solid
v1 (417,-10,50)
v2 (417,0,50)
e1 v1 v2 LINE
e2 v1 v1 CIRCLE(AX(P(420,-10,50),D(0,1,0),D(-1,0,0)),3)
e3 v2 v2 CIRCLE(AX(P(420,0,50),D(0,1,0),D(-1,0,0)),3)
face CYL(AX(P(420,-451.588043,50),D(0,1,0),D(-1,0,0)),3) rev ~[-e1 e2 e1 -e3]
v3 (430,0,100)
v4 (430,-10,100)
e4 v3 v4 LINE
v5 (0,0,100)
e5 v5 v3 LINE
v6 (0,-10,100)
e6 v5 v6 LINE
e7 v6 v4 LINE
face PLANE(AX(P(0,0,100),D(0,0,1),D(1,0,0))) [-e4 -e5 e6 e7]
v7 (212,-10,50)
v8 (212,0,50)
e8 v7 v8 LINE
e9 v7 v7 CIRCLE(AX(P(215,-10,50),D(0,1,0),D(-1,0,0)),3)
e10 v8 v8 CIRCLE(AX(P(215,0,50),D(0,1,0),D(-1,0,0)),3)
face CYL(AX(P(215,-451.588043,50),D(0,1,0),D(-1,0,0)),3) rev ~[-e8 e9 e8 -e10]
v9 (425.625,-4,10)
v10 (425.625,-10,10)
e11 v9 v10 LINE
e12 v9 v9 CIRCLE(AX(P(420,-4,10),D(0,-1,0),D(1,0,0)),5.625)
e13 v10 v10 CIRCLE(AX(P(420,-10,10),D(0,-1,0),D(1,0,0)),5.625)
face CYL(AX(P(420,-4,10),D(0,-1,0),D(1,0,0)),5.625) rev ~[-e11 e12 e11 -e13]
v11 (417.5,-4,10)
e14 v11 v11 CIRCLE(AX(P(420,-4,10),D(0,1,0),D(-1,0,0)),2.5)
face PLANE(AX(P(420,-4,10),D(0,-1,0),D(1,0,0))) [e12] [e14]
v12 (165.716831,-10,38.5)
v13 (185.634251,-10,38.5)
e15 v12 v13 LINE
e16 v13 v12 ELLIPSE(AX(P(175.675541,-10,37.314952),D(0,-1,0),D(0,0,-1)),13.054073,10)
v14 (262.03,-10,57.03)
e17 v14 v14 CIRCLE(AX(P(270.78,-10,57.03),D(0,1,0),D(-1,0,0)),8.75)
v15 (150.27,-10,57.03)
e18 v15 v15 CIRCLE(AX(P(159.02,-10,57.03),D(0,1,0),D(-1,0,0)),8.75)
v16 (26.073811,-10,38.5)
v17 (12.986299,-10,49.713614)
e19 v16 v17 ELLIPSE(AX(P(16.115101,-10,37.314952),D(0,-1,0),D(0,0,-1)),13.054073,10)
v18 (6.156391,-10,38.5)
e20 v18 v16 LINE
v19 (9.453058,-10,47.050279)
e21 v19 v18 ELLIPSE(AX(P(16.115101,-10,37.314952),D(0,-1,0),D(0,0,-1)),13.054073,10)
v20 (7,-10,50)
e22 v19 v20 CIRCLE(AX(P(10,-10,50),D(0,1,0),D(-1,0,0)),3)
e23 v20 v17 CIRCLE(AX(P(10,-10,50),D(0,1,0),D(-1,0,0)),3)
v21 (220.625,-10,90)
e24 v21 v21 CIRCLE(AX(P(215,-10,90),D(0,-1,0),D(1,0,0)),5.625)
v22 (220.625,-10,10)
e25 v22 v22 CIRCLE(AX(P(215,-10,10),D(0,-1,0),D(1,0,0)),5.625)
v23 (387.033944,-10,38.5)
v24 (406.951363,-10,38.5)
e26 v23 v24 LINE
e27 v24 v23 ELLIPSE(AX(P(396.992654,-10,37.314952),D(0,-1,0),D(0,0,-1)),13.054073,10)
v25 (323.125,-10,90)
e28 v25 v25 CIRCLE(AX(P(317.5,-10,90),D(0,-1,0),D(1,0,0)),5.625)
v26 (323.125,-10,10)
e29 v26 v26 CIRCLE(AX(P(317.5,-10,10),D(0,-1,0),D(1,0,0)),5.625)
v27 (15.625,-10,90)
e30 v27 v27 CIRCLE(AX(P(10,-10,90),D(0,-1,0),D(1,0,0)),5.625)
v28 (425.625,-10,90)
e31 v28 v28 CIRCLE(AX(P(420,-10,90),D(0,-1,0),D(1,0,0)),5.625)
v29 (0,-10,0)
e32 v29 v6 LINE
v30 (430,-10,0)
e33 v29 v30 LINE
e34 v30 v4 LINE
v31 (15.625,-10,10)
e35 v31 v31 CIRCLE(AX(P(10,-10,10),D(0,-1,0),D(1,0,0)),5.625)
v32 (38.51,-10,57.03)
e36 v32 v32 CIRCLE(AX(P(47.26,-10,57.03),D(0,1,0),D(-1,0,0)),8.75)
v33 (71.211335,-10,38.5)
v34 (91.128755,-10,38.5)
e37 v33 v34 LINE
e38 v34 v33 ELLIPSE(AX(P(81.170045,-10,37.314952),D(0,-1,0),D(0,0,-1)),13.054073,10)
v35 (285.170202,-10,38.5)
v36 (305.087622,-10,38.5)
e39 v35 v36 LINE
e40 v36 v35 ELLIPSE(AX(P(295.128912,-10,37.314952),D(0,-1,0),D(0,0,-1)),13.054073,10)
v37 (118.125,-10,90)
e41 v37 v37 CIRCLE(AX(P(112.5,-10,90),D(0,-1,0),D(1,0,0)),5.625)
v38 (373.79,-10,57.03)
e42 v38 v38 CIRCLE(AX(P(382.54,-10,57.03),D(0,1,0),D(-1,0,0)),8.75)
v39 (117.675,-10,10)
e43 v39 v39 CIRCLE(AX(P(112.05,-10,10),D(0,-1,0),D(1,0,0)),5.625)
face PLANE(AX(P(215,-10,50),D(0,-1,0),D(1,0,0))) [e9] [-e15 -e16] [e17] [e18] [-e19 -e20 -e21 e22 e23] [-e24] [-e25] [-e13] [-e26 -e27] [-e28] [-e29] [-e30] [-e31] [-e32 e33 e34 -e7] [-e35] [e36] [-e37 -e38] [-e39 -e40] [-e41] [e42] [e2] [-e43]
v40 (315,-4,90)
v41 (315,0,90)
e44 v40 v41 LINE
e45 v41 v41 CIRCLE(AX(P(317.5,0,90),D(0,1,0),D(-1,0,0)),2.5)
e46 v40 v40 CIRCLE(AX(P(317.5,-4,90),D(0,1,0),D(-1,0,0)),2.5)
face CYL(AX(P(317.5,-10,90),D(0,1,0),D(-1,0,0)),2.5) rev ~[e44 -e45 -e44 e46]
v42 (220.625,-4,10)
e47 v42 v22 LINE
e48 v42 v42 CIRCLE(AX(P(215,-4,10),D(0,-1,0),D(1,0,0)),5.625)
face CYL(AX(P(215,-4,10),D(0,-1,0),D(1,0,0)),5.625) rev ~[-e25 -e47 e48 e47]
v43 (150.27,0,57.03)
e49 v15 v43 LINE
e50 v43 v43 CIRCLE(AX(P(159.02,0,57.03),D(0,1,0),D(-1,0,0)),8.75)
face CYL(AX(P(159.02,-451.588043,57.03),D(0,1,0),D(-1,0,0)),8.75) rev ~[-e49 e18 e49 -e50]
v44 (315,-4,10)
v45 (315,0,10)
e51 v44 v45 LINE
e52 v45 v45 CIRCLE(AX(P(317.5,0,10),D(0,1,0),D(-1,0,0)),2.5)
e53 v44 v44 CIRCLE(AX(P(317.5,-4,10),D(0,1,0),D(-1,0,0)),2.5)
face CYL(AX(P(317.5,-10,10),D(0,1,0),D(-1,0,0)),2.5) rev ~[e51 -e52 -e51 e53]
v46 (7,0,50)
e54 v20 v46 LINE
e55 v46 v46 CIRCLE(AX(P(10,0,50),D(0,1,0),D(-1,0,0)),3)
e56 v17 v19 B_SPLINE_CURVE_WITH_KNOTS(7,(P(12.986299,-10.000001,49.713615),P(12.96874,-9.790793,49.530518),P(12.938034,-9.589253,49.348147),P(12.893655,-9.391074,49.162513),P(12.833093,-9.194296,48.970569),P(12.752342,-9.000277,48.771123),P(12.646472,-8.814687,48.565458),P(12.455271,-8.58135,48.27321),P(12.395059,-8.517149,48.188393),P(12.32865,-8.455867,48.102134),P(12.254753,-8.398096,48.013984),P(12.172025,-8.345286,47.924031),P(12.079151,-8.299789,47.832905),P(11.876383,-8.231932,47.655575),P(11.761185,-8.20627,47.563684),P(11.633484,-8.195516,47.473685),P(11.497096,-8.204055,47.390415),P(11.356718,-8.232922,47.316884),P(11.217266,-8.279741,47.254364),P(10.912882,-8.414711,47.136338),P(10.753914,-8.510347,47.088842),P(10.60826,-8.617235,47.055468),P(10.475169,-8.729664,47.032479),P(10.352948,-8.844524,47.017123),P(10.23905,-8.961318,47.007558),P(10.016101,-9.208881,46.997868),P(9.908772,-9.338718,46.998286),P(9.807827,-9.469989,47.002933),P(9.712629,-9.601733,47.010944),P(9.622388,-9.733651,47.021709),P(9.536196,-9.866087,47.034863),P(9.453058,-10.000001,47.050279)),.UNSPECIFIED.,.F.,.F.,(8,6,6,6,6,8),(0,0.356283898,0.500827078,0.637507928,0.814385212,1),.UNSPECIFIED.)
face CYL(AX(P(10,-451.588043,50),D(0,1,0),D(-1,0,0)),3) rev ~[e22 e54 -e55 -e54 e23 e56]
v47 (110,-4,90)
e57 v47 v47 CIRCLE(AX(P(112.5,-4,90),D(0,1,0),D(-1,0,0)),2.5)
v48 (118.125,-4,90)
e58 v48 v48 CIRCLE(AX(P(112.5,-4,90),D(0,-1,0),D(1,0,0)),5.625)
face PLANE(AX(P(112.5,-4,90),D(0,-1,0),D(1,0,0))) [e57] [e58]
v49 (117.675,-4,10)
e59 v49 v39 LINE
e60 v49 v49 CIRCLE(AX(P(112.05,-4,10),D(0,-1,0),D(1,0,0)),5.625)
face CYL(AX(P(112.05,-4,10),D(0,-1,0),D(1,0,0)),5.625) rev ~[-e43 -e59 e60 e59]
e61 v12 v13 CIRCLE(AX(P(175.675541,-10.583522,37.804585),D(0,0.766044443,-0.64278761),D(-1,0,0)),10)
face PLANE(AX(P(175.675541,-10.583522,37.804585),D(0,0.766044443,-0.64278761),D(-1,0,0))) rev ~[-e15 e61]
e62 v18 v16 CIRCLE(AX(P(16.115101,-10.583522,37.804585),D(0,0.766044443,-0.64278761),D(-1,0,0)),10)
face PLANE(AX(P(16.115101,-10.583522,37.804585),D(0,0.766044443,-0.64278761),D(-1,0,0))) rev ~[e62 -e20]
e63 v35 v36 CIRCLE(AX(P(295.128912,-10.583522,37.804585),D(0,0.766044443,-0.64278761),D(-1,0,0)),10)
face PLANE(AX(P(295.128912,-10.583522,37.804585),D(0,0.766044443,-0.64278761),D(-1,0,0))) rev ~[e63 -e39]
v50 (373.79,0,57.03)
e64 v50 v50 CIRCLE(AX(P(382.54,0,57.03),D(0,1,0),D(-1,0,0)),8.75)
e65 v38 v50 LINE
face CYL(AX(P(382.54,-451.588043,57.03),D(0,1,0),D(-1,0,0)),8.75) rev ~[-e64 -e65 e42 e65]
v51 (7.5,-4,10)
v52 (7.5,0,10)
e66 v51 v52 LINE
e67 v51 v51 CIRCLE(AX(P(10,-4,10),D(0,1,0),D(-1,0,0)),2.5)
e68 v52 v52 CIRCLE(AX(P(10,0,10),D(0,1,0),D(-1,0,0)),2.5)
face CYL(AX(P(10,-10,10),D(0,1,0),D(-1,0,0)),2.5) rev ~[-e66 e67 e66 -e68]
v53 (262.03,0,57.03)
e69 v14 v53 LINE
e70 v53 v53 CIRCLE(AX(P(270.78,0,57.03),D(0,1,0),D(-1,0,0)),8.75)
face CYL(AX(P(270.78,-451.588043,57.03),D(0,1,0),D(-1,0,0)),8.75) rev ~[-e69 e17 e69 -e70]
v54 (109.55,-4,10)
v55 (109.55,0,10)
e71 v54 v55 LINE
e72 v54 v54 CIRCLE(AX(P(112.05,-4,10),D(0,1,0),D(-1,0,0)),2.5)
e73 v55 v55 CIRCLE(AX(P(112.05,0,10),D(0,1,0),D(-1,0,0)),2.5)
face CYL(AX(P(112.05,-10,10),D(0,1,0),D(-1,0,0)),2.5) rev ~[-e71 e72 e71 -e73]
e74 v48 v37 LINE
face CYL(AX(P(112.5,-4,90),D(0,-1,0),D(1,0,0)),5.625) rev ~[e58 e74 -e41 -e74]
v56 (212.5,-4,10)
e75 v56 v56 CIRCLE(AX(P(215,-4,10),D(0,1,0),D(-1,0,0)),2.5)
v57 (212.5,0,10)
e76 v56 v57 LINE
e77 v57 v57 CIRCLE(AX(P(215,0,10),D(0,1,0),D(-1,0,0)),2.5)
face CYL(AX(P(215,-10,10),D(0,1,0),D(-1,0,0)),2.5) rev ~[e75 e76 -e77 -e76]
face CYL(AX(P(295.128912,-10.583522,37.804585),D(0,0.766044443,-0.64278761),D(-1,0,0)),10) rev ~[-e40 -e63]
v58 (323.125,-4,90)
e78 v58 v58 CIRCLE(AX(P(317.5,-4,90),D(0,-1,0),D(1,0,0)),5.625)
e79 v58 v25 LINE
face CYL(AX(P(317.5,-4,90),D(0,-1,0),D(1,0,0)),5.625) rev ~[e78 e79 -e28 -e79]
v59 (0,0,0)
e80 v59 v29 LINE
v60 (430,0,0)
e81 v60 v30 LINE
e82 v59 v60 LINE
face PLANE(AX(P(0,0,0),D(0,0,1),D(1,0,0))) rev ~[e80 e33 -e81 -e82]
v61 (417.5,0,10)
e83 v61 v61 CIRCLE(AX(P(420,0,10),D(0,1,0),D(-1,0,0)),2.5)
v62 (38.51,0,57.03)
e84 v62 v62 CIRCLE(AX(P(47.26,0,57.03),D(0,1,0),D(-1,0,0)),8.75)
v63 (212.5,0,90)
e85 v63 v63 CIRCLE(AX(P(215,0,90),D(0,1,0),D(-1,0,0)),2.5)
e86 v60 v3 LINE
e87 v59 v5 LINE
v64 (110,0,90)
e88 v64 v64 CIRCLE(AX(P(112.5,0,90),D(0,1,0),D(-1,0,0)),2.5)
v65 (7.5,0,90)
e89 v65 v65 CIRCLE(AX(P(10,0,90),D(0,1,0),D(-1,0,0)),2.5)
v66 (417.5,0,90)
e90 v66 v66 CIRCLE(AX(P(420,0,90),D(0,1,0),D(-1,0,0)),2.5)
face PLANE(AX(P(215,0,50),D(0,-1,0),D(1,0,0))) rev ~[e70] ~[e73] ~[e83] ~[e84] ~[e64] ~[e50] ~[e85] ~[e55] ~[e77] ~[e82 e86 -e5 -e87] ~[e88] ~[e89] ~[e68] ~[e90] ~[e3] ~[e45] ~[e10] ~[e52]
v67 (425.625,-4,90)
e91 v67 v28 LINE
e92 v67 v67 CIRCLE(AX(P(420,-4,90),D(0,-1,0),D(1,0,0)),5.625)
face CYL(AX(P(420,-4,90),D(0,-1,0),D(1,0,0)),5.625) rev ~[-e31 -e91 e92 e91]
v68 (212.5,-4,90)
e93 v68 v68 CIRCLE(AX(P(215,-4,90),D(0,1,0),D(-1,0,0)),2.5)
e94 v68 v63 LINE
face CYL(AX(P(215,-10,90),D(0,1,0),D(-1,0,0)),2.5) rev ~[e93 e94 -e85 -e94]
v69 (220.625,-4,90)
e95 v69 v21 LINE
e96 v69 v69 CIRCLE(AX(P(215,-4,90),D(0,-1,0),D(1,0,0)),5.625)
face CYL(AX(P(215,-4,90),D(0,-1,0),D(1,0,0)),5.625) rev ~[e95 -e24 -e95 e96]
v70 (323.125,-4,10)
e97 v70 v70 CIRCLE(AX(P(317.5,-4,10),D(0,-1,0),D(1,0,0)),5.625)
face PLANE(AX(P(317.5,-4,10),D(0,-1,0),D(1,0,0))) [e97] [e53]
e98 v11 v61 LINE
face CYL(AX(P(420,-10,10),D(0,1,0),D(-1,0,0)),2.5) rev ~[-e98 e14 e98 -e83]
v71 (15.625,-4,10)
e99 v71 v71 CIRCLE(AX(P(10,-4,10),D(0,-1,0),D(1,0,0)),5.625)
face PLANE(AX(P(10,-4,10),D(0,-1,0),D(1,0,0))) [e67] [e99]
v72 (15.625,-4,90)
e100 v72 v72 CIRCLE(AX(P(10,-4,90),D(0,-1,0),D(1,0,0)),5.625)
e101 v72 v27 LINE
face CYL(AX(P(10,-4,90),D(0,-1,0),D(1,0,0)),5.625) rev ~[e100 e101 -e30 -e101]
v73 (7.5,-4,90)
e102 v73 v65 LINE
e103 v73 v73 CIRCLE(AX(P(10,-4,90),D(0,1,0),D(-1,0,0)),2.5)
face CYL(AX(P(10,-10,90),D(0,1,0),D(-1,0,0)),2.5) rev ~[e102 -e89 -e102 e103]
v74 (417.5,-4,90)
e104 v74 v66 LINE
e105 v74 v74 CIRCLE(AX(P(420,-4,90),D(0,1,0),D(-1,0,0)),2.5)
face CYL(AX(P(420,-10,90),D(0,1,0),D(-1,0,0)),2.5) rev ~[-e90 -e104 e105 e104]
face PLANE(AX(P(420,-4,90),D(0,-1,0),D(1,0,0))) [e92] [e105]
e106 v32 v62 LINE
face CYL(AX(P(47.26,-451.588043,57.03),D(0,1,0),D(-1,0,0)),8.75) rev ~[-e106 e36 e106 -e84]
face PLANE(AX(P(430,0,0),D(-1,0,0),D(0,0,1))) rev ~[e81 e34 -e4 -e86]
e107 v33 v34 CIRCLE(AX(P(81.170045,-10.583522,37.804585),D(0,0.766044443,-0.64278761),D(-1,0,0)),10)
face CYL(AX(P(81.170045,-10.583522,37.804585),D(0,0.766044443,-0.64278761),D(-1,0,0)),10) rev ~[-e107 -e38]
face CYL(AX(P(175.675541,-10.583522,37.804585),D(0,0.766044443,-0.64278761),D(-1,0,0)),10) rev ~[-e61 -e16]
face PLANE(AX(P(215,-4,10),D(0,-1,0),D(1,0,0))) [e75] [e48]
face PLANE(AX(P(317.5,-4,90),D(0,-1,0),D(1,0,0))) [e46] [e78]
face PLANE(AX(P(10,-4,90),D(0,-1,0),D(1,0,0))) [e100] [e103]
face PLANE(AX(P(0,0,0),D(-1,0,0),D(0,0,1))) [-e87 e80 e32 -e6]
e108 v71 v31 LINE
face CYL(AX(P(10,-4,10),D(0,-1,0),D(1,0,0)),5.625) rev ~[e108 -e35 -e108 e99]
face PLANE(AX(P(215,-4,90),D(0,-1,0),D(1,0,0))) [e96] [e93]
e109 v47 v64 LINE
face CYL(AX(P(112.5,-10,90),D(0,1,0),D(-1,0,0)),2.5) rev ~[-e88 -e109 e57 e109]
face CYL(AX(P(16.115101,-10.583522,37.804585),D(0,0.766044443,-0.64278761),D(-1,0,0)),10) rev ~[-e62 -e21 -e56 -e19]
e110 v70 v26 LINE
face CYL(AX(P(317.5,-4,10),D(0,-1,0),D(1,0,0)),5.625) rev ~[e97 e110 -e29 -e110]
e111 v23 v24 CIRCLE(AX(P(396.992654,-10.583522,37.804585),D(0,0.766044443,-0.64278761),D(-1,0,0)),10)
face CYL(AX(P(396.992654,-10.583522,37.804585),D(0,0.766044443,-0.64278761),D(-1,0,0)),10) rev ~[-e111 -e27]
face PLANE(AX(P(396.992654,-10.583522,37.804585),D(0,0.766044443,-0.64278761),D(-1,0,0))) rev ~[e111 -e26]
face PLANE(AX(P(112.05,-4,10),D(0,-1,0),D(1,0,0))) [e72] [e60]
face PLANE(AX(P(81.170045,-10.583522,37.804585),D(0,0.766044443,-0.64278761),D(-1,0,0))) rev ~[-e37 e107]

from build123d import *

# Parameters (mm, degrees)
F0_W           = 430
F0_H           = 100
F1_DEPTH       = 10
F3_D           = 17.5
F4_D           = 5
F4_CBORE_D     = 11.25
F4_CBORE_DEPTH = 6
F5_D           = 6
F8_R           = 10
F9_DEPTH       = 10


with BuildPart() as f1:
    # F0 (on Front) → F1 (new body)
    with BuildSketch(Plane.XZ):
        with Locations((215, 50)):
            Rectangle(F0_W, F0_H)
    extrude(amount=F1_DEPTH)

    # F3 (through all)
    with Locations(Plane.XZ.offset(10)):
        with Locations((47.26, 57.03), (159.02, 57.03), (270.78, 57.03), (382.54, 57.03)):
            Hole(F3_D / 2)

    # F4 (through all)
    with Locations(Plane.XZ.offset(10)):
        with Locations((10, 90), (112.5, 90), (215, 90), (317.5, 90), (420, 90), (420, 10), (317.5, 10), (215, 10), (112.05, 10), (10, 10)):
            CounterBoreHole(F4_D / 2, F4_CBORE_D / 2, F4_CBORE_DEPTH)

    # F5 (through all)
    with Locations(Plane.XZ.offset(10)):
        with Locations((10, 50), (215, 50), (420, 50)):
            Hole(F5_D / 2)

    # F8 (on line) → F9 (cut)
    with BuildSketch(Plane(origin=(0, -24.8257901338, 20.831311345), x_dir=(-1, 0, 0), z_dir=(0, 0.7660444431, -0.6427876097))):
        with Locations((-16.1151010543, 22.157035768)):
            Circle(F8_R)
        with Locations((-81.1700448394, 22.157035768)):
            Circle(F8_R)
        with Locations((-175.6755411625, 22.157035768)):
            Circle(F8_R)
        with Locations((-295.1289117336, 22.157035768)):
            Circle(F8_R)
        with Locations((-396.9926536083, 22.157035768)):
            Circle(F8_R)
    extrude(amount=-F9_DEPTH, mode=Mode.SUBTRACT)


solid = f1.part
